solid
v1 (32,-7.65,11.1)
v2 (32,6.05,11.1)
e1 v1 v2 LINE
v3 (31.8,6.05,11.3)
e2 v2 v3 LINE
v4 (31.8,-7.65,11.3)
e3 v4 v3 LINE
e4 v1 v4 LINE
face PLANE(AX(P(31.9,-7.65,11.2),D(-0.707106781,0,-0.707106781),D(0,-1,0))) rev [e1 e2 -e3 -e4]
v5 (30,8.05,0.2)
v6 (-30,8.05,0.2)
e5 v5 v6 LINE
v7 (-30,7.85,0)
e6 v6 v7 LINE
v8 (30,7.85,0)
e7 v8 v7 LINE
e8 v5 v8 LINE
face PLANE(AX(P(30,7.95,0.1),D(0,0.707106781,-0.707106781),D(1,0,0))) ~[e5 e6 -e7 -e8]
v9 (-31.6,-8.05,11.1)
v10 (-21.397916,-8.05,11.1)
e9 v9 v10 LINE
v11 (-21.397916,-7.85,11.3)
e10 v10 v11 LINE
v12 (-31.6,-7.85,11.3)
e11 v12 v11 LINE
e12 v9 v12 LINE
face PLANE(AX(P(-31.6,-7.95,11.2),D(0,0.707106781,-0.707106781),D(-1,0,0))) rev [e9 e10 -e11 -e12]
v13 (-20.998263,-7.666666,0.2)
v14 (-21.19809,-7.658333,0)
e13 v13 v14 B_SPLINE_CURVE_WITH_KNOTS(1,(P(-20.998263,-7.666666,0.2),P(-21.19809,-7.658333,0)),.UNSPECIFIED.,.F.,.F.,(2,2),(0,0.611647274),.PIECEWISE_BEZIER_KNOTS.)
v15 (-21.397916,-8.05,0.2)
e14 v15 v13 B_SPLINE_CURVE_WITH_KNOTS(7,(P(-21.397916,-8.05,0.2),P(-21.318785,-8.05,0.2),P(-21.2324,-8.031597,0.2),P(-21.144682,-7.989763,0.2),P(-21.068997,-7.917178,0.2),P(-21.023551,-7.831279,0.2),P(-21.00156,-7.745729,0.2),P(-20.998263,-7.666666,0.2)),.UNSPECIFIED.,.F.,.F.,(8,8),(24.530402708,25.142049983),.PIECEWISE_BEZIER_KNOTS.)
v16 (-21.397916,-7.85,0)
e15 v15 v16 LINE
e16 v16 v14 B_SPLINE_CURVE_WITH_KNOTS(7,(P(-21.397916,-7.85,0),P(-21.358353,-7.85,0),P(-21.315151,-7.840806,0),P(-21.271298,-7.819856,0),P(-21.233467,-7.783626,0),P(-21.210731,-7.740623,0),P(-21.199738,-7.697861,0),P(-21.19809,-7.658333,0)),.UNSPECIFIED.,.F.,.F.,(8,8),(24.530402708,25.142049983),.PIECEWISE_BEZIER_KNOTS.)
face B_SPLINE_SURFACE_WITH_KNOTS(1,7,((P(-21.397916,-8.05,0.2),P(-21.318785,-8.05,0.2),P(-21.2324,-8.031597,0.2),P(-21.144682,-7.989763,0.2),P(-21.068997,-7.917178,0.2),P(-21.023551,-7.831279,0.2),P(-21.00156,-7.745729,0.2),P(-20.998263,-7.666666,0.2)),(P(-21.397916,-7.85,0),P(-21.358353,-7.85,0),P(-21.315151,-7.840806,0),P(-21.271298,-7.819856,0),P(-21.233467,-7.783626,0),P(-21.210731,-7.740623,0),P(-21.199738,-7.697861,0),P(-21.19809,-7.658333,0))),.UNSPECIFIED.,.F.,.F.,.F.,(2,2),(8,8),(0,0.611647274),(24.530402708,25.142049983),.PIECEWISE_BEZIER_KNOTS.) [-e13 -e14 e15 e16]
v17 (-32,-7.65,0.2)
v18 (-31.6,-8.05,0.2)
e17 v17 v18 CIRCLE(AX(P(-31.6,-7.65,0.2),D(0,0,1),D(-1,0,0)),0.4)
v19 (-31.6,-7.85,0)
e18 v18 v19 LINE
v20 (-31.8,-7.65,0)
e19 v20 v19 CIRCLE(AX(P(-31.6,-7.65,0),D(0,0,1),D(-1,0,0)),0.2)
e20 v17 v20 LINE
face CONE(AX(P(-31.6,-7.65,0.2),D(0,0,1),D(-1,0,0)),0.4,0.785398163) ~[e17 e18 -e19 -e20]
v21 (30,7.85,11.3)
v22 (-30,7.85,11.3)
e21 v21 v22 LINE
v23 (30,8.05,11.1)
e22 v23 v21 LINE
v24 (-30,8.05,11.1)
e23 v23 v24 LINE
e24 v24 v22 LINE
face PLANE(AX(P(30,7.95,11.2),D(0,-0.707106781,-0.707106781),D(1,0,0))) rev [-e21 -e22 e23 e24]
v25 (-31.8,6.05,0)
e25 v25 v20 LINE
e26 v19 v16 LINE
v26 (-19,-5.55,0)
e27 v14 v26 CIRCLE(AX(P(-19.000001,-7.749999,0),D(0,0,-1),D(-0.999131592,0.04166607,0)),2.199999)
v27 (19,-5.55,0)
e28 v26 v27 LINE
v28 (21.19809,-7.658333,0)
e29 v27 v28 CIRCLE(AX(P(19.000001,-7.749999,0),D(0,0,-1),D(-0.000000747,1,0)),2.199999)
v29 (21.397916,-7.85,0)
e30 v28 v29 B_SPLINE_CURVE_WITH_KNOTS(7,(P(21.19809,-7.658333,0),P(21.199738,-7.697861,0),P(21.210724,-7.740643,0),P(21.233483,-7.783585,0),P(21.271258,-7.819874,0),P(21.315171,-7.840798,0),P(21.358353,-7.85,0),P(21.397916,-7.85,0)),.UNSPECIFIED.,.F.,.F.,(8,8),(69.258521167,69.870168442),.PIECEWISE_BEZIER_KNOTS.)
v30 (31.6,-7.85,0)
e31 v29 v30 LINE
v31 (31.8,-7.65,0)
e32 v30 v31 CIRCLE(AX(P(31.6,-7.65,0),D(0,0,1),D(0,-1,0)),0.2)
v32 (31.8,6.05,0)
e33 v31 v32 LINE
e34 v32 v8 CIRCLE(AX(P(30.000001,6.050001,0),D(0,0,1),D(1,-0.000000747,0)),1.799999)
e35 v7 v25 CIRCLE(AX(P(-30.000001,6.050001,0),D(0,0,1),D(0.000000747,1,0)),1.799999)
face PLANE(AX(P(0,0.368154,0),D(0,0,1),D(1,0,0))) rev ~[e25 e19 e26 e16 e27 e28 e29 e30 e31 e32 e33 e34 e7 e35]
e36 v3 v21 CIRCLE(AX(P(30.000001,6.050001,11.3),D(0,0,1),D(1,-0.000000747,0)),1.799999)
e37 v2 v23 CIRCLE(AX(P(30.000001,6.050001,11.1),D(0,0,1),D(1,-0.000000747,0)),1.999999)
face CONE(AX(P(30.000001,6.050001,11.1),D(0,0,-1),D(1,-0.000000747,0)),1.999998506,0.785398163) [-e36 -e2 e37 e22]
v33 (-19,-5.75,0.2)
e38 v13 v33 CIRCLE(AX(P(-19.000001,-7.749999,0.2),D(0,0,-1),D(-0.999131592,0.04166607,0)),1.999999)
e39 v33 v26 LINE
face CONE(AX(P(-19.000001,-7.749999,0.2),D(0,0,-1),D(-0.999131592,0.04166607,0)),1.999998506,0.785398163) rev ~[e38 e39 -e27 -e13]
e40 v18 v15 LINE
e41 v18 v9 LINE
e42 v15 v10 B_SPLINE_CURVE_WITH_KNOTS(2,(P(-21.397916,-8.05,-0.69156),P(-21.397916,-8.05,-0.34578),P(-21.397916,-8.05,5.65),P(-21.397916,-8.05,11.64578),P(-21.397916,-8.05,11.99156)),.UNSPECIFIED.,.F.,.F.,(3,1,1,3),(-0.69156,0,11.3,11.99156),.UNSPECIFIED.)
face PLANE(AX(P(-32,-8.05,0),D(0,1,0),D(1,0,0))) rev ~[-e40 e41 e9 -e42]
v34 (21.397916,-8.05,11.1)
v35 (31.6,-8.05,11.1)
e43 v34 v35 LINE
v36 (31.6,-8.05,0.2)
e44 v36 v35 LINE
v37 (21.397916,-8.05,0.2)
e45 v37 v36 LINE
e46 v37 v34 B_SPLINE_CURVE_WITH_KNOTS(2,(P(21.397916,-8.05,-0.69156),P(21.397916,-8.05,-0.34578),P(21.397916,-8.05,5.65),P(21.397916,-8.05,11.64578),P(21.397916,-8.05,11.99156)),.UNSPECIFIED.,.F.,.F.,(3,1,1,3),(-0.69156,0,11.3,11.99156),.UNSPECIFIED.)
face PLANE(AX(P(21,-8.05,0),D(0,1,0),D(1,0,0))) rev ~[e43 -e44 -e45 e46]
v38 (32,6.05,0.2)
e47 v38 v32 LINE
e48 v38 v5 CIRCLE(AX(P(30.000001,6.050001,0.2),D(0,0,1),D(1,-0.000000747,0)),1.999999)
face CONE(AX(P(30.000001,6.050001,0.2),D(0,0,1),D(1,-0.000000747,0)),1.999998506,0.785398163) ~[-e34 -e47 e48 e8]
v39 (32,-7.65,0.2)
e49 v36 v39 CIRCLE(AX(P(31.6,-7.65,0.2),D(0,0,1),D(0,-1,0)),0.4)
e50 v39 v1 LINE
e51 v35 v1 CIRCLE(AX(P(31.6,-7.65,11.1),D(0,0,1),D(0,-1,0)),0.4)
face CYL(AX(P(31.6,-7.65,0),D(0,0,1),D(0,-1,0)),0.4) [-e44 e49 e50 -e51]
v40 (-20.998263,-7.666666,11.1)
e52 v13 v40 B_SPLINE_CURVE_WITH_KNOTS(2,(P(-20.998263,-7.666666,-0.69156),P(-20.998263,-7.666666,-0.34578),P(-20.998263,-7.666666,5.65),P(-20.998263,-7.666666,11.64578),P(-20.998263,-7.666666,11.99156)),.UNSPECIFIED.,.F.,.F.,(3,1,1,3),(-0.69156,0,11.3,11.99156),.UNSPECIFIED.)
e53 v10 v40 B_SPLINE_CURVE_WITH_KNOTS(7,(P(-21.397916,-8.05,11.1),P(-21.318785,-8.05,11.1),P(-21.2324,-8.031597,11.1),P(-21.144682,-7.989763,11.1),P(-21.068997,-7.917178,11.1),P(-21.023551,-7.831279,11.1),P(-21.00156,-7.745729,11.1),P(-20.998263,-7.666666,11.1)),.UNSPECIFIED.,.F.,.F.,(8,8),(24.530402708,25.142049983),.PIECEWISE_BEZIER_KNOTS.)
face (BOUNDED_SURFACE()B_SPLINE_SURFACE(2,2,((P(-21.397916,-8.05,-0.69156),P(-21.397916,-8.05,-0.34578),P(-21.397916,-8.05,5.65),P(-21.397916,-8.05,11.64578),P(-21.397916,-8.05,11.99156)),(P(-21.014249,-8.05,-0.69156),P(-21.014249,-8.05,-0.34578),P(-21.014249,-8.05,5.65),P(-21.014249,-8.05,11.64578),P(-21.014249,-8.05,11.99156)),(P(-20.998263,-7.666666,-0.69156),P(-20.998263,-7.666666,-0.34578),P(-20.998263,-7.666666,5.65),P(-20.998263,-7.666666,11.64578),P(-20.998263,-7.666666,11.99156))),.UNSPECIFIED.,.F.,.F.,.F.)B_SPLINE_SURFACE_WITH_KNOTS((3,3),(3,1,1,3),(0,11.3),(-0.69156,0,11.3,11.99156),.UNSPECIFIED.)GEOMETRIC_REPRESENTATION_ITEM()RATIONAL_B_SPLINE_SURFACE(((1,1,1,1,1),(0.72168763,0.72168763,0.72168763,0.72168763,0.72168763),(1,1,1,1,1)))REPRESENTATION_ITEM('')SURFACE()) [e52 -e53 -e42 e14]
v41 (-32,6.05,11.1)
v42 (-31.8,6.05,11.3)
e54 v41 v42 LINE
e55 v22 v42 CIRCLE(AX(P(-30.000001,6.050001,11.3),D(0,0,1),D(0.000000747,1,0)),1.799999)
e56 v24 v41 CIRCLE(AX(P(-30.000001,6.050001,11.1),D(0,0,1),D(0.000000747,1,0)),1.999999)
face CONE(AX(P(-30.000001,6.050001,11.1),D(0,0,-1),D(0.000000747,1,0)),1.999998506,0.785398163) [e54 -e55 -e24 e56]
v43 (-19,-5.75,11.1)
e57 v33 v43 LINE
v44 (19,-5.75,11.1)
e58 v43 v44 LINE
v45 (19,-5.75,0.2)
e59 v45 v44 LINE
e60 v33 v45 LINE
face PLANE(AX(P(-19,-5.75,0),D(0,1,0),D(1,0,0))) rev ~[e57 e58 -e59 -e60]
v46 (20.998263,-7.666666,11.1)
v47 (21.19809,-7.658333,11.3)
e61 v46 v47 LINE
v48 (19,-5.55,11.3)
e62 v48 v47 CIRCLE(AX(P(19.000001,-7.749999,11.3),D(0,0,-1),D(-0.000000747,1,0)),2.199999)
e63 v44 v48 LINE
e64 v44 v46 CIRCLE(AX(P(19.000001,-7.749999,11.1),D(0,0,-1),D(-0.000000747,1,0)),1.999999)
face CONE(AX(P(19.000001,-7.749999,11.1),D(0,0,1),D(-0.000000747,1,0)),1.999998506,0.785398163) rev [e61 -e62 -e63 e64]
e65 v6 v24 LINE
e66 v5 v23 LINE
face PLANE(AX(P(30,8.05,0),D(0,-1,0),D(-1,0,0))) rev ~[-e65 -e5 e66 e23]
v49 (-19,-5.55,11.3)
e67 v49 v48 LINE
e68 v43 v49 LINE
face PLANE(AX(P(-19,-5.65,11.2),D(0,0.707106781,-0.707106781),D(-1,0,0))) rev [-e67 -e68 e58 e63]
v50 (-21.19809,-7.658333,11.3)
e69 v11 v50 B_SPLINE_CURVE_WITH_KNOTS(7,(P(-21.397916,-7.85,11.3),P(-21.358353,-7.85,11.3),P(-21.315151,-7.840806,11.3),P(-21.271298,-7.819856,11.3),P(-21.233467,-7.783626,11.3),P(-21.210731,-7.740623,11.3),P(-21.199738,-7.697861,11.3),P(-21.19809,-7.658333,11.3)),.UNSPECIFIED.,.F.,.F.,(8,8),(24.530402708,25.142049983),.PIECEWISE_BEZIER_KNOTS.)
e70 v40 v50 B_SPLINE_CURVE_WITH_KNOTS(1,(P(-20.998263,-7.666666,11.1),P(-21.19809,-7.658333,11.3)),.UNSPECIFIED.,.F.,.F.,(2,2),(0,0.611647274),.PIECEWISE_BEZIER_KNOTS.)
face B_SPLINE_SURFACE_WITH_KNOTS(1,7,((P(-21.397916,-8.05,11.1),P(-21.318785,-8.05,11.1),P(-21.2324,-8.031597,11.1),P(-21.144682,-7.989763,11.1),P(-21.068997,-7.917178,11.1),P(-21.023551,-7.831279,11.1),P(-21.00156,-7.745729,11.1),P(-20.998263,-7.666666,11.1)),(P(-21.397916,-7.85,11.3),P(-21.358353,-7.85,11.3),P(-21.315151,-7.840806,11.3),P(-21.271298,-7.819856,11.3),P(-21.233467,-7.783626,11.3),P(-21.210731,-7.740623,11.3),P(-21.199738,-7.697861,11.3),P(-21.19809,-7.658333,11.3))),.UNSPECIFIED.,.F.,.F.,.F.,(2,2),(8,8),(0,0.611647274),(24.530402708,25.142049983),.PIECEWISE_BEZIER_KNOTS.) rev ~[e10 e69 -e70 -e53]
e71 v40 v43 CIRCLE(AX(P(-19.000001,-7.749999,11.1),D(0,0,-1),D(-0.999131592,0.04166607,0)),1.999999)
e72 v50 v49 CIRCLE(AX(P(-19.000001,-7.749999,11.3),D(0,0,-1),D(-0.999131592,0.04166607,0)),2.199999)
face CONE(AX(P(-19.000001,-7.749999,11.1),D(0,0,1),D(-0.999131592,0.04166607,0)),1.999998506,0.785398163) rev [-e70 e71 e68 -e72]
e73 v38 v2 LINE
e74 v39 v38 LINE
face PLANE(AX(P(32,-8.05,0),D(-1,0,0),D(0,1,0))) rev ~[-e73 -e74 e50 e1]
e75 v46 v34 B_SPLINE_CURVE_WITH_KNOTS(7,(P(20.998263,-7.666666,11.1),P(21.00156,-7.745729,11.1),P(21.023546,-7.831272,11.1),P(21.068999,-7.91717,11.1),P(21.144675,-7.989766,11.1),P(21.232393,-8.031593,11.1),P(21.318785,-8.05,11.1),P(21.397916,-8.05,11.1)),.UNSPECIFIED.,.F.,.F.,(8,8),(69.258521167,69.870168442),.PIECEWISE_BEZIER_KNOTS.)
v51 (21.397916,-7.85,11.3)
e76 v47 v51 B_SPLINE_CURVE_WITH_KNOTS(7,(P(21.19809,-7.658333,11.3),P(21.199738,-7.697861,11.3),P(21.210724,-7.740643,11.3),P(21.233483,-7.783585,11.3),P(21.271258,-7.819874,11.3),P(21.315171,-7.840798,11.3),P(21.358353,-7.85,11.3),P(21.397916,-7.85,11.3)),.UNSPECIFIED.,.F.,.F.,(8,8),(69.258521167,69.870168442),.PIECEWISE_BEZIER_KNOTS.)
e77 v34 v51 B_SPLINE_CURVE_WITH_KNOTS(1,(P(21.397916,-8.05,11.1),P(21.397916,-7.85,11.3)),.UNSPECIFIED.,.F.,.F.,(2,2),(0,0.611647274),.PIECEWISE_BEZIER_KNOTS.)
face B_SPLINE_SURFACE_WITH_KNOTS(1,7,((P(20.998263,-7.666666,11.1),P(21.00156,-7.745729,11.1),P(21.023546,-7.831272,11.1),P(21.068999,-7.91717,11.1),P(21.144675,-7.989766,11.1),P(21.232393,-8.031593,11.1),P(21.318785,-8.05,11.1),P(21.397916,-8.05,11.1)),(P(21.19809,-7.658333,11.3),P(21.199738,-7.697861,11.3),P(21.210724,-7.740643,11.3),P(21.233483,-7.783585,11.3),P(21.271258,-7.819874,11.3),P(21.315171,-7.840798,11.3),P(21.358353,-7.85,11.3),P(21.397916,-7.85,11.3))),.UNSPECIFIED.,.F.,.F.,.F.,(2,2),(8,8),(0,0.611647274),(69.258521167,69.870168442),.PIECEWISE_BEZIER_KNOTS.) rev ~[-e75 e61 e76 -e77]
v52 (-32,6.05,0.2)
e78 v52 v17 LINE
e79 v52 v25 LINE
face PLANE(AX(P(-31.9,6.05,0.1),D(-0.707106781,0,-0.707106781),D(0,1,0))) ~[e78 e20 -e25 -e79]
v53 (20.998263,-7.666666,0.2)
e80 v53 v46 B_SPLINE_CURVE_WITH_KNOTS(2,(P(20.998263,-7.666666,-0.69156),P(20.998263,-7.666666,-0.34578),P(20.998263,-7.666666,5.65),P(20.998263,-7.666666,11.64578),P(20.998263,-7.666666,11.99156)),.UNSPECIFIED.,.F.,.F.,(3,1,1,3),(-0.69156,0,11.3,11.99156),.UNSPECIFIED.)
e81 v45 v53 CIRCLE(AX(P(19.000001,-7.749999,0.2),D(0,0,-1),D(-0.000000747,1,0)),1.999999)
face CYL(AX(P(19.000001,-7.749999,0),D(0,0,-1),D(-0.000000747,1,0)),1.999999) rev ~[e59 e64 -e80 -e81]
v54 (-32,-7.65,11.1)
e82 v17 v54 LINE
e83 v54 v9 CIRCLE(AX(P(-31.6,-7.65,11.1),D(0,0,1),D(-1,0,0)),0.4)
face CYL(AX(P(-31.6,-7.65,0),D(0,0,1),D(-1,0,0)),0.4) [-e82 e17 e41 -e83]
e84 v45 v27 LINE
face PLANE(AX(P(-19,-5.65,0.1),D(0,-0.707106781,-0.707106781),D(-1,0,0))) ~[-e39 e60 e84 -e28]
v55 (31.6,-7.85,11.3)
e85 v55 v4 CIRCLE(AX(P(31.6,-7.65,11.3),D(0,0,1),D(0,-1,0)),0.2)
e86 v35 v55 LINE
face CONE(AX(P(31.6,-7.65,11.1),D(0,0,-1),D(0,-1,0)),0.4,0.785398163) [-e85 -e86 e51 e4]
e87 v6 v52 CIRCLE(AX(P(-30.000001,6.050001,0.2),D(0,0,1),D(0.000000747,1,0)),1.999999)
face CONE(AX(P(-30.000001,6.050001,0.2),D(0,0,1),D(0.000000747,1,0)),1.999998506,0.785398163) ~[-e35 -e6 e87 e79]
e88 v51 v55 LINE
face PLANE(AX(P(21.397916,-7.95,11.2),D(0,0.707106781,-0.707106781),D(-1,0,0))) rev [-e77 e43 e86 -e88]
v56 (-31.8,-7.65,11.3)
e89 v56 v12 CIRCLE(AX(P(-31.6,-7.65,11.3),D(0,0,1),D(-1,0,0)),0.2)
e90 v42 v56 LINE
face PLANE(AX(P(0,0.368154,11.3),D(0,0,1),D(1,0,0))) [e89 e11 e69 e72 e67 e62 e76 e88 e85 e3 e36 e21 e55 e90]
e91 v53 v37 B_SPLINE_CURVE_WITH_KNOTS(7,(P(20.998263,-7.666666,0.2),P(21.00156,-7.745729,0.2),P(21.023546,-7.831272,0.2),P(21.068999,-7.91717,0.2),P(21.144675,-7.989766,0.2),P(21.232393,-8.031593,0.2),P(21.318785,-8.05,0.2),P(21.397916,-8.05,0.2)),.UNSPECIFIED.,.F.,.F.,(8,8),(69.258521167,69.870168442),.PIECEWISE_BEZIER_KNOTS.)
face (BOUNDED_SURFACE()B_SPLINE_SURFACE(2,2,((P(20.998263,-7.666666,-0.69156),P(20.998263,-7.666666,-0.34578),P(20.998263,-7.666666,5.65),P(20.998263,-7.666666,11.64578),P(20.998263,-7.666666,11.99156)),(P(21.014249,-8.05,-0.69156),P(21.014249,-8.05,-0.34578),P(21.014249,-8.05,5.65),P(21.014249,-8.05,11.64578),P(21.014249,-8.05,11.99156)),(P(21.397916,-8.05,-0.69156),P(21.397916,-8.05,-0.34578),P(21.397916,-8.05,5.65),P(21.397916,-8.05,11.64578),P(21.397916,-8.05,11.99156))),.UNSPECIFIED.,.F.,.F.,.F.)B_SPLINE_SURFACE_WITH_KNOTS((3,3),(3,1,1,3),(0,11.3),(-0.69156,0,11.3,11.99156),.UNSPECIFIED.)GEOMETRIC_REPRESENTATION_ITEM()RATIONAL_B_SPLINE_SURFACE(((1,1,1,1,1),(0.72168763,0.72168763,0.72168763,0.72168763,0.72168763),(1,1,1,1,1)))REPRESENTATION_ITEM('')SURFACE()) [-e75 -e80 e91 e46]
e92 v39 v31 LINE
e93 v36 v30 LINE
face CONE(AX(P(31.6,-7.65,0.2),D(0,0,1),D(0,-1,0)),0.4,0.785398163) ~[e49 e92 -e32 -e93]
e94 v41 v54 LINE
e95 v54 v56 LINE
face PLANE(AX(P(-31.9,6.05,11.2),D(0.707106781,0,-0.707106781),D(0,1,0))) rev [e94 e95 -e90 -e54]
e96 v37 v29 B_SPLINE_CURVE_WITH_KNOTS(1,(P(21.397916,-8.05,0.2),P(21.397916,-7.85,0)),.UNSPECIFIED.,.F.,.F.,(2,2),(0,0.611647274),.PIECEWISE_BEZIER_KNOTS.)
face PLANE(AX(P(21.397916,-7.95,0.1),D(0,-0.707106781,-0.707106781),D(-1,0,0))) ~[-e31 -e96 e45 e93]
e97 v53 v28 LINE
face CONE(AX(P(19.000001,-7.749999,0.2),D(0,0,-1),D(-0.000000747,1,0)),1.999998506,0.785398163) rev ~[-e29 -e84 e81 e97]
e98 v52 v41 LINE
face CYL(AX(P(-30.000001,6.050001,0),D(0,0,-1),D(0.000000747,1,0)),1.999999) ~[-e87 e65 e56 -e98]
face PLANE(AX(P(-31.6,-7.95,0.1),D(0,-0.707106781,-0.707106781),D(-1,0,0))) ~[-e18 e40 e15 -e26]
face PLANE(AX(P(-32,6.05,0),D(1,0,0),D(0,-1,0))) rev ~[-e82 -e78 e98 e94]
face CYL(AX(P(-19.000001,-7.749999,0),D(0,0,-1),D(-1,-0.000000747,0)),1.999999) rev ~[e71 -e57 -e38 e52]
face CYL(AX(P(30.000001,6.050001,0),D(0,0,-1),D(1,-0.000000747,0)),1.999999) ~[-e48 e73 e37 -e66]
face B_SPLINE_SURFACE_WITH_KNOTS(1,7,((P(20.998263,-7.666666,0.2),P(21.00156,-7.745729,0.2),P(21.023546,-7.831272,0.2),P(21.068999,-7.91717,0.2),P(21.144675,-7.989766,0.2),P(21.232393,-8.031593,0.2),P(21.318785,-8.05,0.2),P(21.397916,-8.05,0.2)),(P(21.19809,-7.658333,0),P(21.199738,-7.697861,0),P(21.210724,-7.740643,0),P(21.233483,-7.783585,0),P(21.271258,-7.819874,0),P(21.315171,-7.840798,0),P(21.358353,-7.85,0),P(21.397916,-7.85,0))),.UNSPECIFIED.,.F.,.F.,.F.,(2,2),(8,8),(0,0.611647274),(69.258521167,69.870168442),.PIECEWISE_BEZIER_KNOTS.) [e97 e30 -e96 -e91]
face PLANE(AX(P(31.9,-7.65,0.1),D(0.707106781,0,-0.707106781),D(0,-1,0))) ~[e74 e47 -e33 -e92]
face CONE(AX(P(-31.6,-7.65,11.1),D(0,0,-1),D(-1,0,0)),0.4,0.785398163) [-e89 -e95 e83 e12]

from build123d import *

# Parameters (mm, degrees)
F1_DEPTH = 11.3
F2_R     = 0.4
F3_SIZE  = 0.2


with BuildPart() as f1:
    # F0 (on Top) → F1 (new body)
    with BuildSketch(Plane.XY):
        with BuildLine():
            Line((-32, 6.05), (-32, -8.05))
            Line((-32, -8.05), (-21, -8.05))
            Line((-21, -8.05), (-21, -7.75))
            ThreePointArc((-21, -7.75), (-20.414214, -6.335786), (-19, -5.75))
            Line((-19, -5.75), (19, -5.75))
            ThreePointArc((19, -5.75), (20.414214, -6.335786), (21, -7.75))
            Line((21, -7.75), (21, -8.05))
            Line((21, -8.05), (32, -8.05))
            Line((32, -8.05), (32, 6.05))
            ThreePointArc((32, 6.05), (31.414214, 7.464214), (30, 8.05))
            Line((30, 8.05), (-30, 8.05))
            ThreePointArc((-30, 8.05), (-31.414214, 7.464214), (-32, 6.05))
        make_face()
    extrude(amount=F1_DEPTH)

    # F2
    f2_edges = [f1.edges().sort_by_distance(p)[0] for p in [
        (-32, -8.05, 5.65),
        (-21, -8.05, 5.65),
        (21, -8.05, 5.65),
        (32, -8.05, 5.65),
    ]]
    fillet(f2_edges, radius=F2_R)

    # F3
    f3_edges = [f1.edges().sort_by_distance(p)[0] for p in [
        (-32, -0.8, 0),
        (-31.882843, -7.932843, 0),
        (-31.414214, 7.464214, 0),
        (-26.498958, -8.05, 0),
        (0, 8.05, 0),
        (-21.121028, -7.938675, 0),
        (31.414214, 7.464214, 0),
        (-20.384437, -6.306624, 0),
        (32, -0.8, 0),
        (0, -5.75, 0),
        (31.882843, -7.932843, 0),
        (20.384437, -6.306624, 0),
        (26.498958, -8.05, 0),
        (21.121028, -7.938675, 0),
        (-32, -0.8, 11.3),
        (-31.882843, -7.932843, 11.3),
        (-31.414214, 7.464214, 11.3),
        (-26.498958, -8.05, 11.3),
        (0, 8.05, 11.3),
        (-21.121028, -7.938675, 11.3),
        (31.414214, 7.464214, 11.3),
        (-20.384437, -6.306624, 11.3),
        (32, -0.8, 11.3),
        (0, -5.75, 11.3),
        (31.882843, -7.932843, 11.3),
        (20.384437, -6.306624, 11.3),
        (26.498958, -8.05, 11.3),
        (21.121028, -7.938675, 11.3),
    ]]
    chamfer(f3_edges, length=F3_SIZE)


solid = f1.part
